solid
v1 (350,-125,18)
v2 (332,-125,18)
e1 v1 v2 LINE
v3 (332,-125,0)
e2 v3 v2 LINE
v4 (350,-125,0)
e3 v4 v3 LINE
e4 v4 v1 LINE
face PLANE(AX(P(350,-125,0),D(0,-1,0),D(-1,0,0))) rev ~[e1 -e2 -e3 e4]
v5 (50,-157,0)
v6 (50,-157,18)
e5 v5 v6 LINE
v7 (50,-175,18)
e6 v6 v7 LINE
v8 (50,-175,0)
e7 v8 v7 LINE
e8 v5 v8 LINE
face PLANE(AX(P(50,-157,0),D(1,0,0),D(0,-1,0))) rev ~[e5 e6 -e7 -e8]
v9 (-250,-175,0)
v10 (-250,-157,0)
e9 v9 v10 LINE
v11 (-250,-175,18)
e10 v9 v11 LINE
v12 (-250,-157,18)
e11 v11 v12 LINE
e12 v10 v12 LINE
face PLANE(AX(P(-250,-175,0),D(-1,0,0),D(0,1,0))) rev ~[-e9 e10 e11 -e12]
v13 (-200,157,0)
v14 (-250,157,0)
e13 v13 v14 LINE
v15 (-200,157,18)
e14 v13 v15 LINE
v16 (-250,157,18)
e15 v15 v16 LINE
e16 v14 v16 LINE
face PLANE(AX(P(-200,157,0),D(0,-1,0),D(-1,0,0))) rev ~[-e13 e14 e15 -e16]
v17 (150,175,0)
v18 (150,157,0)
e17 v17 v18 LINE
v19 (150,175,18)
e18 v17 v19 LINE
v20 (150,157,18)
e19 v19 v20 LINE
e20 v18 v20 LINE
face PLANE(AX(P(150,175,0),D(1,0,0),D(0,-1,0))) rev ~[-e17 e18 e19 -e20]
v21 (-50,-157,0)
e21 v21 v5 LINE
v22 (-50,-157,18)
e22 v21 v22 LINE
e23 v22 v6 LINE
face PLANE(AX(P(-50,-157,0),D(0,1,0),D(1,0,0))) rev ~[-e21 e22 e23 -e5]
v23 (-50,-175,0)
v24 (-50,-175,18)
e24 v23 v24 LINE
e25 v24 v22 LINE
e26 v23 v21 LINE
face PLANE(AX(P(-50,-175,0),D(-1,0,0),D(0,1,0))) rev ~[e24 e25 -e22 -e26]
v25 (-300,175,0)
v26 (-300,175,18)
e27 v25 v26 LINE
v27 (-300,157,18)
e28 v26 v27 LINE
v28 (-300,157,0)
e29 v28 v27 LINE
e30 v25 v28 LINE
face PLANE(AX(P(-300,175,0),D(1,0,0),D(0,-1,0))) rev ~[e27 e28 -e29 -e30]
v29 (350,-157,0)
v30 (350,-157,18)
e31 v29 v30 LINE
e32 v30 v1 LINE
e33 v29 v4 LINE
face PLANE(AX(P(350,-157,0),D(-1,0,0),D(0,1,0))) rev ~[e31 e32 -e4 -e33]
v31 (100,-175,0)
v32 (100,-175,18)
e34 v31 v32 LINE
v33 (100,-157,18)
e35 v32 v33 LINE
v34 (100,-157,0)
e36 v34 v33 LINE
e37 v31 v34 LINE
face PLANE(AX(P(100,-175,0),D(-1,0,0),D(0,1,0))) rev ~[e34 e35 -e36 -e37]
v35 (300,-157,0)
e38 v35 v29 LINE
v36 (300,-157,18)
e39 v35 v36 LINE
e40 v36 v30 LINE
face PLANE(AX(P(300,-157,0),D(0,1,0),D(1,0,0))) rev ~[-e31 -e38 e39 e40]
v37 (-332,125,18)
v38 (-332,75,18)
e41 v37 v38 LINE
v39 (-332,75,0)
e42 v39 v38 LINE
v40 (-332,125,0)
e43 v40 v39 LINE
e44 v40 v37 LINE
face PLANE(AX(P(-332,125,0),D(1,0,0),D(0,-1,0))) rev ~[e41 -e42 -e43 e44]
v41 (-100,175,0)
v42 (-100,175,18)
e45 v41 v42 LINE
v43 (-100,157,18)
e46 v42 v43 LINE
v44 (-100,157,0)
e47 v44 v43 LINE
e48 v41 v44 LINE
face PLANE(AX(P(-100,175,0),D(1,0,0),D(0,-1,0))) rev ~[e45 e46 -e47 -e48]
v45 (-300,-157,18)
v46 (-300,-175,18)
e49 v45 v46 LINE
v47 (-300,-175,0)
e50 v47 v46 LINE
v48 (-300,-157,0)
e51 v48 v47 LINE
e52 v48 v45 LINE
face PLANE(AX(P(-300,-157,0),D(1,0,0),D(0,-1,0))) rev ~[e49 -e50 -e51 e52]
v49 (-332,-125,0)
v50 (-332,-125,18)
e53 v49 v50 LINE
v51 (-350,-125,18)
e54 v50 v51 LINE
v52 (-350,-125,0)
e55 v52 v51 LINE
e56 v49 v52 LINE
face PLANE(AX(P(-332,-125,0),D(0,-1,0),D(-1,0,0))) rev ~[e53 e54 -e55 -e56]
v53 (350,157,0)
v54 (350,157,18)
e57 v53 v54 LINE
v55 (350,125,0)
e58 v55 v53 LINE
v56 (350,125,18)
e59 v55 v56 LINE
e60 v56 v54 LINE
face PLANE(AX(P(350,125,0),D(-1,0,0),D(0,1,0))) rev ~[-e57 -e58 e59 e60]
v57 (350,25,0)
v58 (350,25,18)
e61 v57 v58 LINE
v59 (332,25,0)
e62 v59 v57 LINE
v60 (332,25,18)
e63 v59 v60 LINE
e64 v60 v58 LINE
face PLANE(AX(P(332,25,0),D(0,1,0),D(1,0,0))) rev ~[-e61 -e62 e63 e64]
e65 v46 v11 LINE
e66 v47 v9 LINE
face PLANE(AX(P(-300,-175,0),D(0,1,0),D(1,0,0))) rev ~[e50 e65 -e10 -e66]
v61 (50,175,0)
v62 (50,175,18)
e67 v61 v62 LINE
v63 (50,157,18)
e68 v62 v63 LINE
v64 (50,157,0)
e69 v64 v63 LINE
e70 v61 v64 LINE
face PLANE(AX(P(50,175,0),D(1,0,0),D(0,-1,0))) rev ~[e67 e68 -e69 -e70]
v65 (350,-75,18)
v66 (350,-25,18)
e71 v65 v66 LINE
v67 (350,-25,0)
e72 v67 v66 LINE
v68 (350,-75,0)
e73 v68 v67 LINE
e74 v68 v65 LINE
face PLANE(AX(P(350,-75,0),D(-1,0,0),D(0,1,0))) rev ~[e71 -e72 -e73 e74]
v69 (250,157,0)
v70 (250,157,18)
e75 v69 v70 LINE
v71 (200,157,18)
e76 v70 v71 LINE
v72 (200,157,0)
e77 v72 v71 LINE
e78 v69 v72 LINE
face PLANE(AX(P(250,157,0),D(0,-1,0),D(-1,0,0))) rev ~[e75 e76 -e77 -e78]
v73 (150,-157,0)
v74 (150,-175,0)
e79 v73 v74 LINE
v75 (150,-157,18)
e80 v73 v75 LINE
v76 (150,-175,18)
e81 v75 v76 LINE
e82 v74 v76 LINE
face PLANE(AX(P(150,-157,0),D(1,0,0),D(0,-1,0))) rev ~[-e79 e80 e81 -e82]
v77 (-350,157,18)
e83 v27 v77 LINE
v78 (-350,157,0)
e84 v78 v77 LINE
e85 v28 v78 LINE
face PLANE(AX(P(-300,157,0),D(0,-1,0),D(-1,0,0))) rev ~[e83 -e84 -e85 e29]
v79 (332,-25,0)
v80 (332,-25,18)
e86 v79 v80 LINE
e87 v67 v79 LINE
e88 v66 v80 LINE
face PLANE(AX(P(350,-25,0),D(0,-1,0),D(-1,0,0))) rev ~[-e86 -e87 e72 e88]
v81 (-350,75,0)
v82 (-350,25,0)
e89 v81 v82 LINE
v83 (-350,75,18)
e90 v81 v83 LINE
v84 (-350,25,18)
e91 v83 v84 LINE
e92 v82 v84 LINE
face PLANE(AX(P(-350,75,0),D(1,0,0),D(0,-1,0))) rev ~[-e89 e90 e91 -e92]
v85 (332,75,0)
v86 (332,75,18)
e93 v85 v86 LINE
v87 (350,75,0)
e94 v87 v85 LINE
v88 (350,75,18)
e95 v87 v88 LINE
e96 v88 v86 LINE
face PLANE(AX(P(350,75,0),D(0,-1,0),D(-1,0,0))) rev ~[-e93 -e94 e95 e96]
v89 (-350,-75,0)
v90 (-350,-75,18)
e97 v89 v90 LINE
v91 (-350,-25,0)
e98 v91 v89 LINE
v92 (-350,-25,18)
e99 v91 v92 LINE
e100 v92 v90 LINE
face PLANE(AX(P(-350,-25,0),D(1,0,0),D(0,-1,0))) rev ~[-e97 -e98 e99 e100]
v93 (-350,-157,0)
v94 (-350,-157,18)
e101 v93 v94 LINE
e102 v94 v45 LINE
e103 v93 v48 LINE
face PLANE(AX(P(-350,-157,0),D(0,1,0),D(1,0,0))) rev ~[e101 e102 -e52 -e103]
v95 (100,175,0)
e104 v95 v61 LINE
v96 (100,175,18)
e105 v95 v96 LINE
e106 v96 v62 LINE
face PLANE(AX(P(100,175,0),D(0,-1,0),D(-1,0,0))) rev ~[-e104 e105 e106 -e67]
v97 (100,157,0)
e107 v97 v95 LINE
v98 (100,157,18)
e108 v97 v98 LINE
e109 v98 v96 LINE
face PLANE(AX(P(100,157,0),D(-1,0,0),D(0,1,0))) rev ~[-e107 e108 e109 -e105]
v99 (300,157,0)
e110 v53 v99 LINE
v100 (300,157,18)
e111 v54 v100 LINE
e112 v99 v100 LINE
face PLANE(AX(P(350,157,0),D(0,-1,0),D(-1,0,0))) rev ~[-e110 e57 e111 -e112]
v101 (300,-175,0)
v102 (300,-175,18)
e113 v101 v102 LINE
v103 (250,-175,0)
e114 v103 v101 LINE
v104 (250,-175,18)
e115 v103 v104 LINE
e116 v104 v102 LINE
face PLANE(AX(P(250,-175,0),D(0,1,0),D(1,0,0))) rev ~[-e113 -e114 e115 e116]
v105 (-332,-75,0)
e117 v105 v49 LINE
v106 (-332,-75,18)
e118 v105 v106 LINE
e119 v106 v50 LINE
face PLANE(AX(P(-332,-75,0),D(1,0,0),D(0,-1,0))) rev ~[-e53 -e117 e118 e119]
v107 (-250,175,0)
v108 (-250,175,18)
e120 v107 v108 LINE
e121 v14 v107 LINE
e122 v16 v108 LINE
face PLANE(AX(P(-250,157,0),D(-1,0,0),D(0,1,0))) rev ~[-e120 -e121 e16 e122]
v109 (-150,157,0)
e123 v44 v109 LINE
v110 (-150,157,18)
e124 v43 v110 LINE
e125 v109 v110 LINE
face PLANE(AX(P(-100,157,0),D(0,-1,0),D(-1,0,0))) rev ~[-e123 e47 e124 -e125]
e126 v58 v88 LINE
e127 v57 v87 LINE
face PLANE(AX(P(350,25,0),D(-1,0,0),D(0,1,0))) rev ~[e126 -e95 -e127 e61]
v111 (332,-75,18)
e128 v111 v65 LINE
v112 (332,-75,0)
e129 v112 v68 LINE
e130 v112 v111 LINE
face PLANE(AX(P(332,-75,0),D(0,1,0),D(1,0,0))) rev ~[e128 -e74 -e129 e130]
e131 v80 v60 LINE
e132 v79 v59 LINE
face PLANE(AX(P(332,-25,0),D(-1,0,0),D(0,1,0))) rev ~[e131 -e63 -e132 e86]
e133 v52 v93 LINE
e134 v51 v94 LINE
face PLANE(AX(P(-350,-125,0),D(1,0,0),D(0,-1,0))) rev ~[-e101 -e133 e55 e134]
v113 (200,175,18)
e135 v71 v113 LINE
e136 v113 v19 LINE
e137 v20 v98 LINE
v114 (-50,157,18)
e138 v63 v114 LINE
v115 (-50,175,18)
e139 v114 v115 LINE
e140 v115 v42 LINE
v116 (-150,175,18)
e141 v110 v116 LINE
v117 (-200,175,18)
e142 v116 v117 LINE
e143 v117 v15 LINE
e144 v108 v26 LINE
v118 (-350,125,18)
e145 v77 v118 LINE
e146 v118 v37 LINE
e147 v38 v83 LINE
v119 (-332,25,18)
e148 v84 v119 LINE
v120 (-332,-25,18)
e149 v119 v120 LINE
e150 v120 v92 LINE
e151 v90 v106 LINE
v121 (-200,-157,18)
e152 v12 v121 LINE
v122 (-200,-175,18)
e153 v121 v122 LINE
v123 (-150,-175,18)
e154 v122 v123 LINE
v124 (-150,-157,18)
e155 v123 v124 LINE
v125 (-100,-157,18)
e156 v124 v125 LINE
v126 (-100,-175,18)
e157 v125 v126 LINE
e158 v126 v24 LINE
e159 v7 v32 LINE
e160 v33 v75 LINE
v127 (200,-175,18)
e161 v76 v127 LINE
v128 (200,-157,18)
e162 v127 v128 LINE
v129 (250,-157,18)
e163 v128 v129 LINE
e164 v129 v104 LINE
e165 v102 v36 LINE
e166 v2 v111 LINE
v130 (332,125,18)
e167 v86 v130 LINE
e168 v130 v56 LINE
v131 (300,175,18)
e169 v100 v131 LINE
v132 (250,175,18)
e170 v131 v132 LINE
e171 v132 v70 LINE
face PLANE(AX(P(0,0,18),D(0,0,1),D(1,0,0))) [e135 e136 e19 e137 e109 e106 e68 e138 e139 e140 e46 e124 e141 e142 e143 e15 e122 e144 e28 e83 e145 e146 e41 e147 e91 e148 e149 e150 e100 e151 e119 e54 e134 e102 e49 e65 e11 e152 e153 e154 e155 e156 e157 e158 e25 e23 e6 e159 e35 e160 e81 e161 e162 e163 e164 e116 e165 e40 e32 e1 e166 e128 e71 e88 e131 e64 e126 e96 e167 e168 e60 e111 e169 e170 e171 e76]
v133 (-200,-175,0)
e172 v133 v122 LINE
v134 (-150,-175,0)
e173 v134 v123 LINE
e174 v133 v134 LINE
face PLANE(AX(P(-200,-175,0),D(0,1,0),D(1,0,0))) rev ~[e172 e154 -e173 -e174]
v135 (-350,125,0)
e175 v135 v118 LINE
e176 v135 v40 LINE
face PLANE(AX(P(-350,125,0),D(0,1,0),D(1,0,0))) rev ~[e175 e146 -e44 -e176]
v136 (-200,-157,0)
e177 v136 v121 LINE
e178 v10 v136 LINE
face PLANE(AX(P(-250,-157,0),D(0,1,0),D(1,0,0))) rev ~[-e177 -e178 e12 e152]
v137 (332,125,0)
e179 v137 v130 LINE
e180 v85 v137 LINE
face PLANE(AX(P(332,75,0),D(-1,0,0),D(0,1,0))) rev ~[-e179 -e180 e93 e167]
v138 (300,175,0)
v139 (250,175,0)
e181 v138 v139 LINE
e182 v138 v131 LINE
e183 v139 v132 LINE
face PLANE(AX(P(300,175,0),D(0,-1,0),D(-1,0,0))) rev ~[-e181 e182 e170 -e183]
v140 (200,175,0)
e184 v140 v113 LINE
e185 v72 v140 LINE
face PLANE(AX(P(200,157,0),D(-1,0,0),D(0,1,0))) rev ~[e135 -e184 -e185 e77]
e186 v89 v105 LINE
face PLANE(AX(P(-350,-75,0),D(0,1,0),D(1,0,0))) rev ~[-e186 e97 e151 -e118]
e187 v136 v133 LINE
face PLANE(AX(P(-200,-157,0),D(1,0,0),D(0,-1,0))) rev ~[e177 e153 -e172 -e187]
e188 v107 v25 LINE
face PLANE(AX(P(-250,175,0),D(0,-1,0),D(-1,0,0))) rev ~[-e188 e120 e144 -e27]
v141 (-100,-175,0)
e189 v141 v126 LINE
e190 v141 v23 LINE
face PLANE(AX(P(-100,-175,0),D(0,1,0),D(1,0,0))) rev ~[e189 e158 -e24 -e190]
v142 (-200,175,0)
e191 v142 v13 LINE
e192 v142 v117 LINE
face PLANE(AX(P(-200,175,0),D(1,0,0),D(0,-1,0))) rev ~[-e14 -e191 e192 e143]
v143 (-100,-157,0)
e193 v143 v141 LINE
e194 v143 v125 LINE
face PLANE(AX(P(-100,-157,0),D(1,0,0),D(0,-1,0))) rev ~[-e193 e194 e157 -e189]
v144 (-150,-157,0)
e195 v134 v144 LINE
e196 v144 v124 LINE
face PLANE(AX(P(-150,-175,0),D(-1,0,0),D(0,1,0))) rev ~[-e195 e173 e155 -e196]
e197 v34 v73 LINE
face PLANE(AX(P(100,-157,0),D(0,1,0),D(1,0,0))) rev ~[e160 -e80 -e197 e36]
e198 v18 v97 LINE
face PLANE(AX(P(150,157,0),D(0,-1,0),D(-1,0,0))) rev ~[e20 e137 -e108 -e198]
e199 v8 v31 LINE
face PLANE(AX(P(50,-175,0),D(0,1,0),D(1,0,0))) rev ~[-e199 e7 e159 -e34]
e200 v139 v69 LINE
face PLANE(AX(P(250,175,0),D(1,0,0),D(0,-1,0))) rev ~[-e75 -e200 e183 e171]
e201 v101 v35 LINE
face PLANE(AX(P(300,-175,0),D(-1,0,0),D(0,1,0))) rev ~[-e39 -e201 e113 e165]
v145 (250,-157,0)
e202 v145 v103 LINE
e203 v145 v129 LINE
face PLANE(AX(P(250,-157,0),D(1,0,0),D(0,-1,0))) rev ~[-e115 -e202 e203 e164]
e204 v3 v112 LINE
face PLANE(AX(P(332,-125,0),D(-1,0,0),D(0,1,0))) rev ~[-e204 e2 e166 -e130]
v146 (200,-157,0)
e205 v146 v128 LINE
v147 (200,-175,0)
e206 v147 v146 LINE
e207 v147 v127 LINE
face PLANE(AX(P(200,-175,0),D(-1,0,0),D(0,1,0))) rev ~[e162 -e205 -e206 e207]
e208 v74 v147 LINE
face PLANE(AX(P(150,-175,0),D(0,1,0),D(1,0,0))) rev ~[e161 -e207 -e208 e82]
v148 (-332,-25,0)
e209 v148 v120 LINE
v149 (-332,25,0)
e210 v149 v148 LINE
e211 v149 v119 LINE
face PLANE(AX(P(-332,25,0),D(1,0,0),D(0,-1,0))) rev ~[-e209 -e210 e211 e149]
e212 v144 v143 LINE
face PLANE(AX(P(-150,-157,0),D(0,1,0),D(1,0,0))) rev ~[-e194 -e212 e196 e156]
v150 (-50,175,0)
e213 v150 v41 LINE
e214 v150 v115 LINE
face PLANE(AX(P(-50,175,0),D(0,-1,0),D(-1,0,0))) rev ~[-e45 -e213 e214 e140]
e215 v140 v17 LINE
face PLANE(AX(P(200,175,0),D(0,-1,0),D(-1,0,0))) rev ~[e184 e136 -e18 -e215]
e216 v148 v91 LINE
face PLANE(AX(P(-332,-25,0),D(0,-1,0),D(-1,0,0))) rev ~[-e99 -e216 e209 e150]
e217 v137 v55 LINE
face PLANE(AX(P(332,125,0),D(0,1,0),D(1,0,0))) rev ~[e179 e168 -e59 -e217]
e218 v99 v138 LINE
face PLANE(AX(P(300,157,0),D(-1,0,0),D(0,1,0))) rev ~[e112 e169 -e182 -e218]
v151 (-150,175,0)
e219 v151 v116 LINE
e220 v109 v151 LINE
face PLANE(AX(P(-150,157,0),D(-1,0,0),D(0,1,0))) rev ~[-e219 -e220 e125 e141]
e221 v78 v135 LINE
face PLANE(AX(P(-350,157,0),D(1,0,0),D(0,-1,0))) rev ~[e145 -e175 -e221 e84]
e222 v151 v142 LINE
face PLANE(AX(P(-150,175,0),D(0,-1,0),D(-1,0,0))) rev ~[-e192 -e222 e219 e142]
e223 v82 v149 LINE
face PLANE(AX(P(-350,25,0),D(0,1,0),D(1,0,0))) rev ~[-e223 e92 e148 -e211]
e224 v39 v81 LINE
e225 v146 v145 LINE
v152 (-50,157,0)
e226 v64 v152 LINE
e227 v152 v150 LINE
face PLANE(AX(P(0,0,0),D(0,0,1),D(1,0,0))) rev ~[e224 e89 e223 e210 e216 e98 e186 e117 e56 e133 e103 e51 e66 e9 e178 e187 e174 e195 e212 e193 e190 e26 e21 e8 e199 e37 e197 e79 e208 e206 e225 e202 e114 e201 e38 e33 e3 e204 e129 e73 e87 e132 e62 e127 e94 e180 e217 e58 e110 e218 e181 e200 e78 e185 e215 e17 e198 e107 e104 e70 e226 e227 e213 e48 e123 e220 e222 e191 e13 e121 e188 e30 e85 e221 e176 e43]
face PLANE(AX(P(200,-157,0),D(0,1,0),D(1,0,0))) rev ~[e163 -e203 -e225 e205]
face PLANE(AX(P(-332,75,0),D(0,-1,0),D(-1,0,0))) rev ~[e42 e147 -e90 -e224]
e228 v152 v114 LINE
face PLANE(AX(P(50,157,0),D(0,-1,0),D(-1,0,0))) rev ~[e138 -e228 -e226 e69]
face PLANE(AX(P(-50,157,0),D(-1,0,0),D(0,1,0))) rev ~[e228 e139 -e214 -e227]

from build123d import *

# Parameters (mm, degrees)
F1_DEPTH = 18


with BuildPart() as f1:
    # F0 (on Top) → F1 (new body)
    with BuildSketch(Plane.XY):
        Polygon((-350, -125), (-350, -157), (-300, -157), (-300, -175), (-250, -175), (-250, -157), (-200, -157), (-200, -175), (-150, -175), (-150, -157), (-100, -157), (-100, -175), (-50, -175), (-50, -157), (0, -157), (50, -157), (50, -175), (100, -175), (100, -157), (150, -157), (150, -175), (200, -175), (200, -157), (250, -157), (250, -175), (300, -175), (300, -157), (332, -157), (350, -157), (350, -125), (332, -125), (332, -75), (350, -75), (350, -25), (332, -25), (332, 25), (350, 25), (350, 75), (332, 75), (332, 125), (350, 125), (350, 157), (300, 157), (300, 175), (250, 175), (250, 157), (200, 157), (200, 175), (150, 175), (150, 157), (100, 157), (100, 175), (50, 175), (50, 157), (0, 157), (-50, 157), (-50, 175), (-100, 175), (-100, 157), (-150, 157), (-150, 175), (-200, 175), (-200, 157), (-250, 157), (-250, 175), (-300, 175), (-300, 157), (-350, 157), (-350, 125), (-332, 125), (-332, 75), (-350, 75), (-350, 25), (-332, 25), (-332, -25), (-350, -25), (-350, -75), (-332, -75), (-332, -125), align=None)
    extrude(amount=F1_DEPTH)


solid = f1.part
